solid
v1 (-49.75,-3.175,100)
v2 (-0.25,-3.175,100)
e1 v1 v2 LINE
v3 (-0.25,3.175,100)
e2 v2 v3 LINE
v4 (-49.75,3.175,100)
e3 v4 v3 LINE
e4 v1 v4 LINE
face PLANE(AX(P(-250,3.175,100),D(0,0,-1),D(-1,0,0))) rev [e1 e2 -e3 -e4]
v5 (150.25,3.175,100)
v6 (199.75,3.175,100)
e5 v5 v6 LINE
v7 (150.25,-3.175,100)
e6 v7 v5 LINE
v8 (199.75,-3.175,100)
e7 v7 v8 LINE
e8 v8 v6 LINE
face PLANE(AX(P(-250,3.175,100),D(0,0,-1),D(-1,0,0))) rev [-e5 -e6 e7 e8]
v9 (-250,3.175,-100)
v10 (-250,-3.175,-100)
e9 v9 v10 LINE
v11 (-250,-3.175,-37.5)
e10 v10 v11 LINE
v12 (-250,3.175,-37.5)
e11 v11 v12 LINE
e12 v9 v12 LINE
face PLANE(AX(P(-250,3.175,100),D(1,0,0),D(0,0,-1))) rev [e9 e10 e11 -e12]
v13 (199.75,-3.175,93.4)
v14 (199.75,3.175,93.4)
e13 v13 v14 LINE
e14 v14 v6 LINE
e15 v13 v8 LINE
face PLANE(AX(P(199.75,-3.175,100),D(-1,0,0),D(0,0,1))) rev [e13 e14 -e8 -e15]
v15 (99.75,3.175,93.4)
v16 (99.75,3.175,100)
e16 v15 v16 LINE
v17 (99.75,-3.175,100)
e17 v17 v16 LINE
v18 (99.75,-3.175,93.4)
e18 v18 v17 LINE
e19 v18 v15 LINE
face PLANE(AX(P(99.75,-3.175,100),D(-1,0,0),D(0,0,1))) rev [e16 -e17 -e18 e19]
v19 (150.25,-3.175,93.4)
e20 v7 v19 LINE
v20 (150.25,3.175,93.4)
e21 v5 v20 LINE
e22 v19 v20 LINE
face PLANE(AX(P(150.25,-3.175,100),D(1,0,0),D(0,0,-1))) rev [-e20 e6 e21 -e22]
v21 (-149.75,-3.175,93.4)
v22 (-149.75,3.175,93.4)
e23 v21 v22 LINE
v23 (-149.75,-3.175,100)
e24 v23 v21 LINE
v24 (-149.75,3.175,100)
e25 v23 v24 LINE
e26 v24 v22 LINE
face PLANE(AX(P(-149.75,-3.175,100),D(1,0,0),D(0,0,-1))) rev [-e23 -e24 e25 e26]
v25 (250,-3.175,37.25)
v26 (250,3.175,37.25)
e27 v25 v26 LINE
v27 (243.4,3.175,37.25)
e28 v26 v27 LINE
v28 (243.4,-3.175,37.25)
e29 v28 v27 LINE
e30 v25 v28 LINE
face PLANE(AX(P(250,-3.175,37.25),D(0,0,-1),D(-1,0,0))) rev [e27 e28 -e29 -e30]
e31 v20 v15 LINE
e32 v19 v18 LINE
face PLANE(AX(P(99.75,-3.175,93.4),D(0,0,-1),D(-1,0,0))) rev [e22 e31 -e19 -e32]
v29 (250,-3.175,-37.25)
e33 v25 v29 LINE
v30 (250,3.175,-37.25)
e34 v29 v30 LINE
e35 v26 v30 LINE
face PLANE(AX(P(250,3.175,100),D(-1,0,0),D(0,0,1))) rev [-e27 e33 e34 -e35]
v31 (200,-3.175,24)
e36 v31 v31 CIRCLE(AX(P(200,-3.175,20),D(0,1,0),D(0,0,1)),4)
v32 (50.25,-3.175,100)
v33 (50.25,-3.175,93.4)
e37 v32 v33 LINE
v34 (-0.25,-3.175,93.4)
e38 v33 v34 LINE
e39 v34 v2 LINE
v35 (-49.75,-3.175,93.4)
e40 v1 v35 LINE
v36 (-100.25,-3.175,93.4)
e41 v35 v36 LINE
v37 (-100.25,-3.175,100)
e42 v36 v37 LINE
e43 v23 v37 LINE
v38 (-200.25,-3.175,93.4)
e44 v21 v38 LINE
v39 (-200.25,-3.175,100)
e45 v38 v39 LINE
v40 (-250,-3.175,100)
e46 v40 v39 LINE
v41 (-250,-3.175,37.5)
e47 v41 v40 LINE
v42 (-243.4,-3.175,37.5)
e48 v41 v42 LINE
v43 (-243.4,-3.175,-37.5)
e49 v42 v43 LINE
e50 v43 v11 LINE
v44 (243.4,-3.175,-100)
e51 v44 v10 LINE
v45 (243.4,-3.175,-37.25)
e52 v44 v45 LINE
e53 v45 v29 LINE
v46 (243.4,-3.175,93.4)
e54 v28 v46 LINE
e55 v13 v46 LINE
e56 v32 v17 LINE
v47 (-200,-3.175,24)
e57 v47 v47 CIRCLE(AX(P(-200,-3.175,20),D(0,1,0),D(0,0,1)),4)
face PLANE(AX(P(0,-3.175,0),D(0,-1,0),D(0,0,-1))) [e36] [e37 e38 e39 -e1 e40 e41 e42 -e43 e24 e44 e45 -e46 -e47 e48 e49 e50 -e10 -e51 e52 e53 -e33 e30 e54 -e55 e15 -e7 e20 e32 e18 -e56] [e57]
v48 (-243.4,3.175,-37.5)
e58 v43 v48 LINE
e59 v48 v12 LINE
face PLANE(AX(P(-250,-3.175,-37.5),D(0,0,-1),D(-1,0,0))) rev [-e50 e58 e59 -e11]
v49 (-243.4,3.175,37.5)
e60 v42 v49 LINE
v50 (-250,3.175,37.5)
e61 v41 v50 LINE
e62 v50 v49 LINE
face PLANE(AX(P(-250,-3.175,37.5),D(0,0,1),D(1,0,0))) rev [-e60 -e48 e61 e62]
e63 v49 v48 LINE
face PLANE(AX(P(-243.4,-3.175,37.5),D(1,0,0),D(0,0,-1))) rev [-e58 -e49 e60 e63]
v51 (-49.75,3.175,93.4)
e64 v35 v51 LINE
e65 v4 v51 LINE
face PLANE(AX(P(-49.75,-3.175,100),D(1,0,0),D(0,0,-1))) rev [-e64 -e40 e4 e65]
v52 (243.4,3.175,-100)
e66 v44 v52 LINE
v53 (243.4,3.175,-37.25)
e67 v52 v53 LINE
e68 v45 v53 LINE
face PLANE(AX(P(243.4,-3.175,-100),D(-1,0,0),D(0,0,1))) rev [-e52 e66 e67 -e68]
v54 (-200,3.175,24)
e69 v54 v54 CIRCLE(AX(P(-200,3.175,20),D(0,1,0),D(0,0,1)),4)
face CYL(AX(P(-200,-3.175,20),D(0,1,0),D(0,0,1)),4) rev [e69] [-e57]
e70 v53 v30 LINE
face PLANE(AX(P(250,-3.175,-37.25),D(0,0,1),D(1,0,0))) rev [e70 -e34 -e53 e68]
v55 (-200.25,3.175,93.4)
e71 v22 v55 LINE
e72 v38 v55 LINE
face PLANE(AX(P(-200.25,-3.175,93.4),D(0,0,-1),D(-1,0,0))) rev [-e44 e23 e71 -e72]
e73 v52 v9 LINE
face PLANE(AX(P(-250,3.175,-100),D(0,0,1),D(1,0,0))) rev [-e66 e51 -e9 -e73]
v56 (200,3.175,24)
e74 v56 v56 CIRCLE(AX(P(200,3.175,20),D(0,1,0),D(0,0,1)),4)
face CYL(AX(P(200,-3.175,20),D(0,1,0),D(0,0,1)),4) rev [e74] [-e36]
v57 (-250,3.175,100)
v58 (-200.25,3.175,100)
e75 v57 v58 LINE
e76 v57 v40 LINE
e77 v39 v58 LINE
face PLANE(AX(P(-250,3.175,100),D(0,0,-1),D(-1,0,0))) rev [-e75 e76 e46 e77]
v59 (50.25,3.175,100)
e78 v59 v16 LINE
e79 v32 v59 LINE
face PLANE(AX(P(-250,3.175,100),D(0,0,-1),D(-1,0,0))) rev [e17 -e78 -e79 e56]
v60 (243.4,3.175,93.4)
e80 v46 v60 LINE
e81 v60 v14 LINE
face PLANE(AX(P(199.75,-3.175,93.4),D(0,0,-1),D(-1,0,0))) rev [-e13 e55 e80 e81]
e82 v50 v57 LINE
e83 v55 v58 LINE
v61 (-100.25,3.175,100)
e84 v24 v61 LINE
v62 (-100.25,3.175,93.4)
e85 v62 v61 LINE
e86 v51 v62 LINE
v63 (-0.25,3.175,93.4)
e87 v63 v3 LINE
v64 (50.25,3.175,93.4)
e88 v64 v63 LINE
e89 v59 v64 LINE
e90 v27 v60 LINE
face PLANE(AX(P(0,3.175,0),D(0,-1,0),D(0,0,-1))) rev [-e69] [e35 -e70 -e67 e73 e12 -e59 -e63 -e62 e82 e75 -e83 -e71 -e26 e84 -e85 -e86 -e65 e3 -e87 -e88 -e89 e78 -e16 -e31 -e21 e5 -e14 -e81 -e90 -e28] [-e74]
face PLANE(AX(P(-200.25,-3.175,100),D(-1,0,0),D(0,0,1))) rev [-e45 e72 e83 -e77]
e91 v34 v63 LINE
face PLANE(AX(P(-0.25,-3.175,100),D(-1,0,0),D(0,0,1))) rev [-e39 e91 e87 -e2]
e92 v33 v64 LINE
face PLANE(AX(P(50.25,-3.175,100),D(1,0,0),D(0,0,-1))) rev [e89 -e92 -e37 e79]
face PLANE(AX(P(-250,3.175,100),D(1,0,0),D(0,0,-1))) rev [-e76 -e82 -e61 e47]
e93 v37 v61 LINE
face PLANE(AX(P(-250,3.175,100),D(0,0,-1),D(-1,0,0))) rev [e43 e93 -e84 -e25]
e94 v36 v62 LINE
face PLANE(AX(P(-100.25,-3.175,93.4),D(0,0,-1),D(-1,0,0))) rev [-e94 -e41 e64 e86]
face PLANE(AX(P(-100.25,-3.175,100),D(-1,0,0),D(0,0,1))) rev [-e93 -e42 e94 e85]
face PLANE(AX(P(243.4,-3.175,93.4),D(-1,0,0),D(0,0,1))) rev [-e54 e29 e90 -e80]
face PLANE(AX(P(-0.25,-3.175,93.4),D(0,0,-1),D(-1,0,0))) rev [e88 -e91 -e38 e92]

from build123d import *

# Parameters (mm, degrees)
SKETCH1_W           = 500
SKETCH1_H           = 200
BOSS_EXTRUDE1_DEPTH = 3.175
SKETCH2_W           = 50.5
SKETCH2_H           = 6.6
CUT_EXTRUDE1_DEPTH  = 270.333106951
LPATTERN1_COUNT     = 5
LPATTERN1_PITCH     = 100
SKETCH3_W           = 6.6
SKETCH3_H           = 56.15
SKETCH3_H_2         = 62.75
SKETCH3_H_3         = 75
CUT_EXTRUDE2_DEPTH  = 270.333106951
SKETCH4_R           = 4
AXLE_HOLES_DEPTH    = 270.333106951


with BuildPart() as part:
    # Sketch1 → Boss-Extrude1 (new, symmetric)
    with BuildSketch(Plane(origin=(0, 0, 0), x_dir=(1, 0, 0), z_dir=(0, 1, 0))):
        Rectangle(SKETCH1_W, SKETCH1_H)
    extrude(amount=BOSS_EXTRUDE1_DEPTH, both=True)

    # Sketch2 → Cut-Extrude1 (cut, through all)
    with BuildSketch(Plane(origin=(0, 3.175, 0), x_dir=(1, 0, 0), z_dir=(0, 1, 0))):
        with Locations((-175, -96.7)):
            Rectangle(SKETCH2_W, SKETCH2_H)
    cut_extrude1 = extrude(amount=-CUT_EXTRUDE1_DEPTH, mode=Mode.SUBTRACT)

    # LPattern1: Cut-Extrude1 ×5
    with Locations(*[(i * LPATTERN1_PITCH, 0, 0) for i in range(1, LPATTERN1_COUNT)]):
        add(cut_extrude1, mode=Mode.SUBTRACT)

    # Sketch3 → Cut-Extrude2 (cut, through all)
    with BuildSketch(Plane(origin=(0, 3.175, 0), x_dir=(1, 0, 0), z_dir=(0, 1, 0))):
        with Locations((246.7, -65.325)):
            Rectangle(SKETCH3_W, SKETCH3_H)
        with Locations((246.7, 68.625)):
            Rectangle(SKETCH3_W, SKETCH3_H_2)
        with Locations((-246.7, 0)):
            Rectangle(SKETCH3_W, SKETCH3_H_3)
    extrude(amount=-CUT_EXTRUDE2_DEPTH, mode=Mode.SUBTRACT)

    # Sketch4 → Axle Holes (cut, through all)
    with BuildSketch(Plane(origin=(0, 3.175, 0), x_dir=(1, 0, 0), z_dir=(0, 1, 0))):
        with Locations(Location((-200, -20, 0), (0, 0, 270))):
            Circle(SKETCH4_R)
        with Locations(Location((200, -20, 0), (0, 0, 270))):
            Circle(SKETCH4_R)
    extrude(amount=-AXLE_HOLES_DEPTH, mode=Mode.SUBTRACT)


solid = part.part
